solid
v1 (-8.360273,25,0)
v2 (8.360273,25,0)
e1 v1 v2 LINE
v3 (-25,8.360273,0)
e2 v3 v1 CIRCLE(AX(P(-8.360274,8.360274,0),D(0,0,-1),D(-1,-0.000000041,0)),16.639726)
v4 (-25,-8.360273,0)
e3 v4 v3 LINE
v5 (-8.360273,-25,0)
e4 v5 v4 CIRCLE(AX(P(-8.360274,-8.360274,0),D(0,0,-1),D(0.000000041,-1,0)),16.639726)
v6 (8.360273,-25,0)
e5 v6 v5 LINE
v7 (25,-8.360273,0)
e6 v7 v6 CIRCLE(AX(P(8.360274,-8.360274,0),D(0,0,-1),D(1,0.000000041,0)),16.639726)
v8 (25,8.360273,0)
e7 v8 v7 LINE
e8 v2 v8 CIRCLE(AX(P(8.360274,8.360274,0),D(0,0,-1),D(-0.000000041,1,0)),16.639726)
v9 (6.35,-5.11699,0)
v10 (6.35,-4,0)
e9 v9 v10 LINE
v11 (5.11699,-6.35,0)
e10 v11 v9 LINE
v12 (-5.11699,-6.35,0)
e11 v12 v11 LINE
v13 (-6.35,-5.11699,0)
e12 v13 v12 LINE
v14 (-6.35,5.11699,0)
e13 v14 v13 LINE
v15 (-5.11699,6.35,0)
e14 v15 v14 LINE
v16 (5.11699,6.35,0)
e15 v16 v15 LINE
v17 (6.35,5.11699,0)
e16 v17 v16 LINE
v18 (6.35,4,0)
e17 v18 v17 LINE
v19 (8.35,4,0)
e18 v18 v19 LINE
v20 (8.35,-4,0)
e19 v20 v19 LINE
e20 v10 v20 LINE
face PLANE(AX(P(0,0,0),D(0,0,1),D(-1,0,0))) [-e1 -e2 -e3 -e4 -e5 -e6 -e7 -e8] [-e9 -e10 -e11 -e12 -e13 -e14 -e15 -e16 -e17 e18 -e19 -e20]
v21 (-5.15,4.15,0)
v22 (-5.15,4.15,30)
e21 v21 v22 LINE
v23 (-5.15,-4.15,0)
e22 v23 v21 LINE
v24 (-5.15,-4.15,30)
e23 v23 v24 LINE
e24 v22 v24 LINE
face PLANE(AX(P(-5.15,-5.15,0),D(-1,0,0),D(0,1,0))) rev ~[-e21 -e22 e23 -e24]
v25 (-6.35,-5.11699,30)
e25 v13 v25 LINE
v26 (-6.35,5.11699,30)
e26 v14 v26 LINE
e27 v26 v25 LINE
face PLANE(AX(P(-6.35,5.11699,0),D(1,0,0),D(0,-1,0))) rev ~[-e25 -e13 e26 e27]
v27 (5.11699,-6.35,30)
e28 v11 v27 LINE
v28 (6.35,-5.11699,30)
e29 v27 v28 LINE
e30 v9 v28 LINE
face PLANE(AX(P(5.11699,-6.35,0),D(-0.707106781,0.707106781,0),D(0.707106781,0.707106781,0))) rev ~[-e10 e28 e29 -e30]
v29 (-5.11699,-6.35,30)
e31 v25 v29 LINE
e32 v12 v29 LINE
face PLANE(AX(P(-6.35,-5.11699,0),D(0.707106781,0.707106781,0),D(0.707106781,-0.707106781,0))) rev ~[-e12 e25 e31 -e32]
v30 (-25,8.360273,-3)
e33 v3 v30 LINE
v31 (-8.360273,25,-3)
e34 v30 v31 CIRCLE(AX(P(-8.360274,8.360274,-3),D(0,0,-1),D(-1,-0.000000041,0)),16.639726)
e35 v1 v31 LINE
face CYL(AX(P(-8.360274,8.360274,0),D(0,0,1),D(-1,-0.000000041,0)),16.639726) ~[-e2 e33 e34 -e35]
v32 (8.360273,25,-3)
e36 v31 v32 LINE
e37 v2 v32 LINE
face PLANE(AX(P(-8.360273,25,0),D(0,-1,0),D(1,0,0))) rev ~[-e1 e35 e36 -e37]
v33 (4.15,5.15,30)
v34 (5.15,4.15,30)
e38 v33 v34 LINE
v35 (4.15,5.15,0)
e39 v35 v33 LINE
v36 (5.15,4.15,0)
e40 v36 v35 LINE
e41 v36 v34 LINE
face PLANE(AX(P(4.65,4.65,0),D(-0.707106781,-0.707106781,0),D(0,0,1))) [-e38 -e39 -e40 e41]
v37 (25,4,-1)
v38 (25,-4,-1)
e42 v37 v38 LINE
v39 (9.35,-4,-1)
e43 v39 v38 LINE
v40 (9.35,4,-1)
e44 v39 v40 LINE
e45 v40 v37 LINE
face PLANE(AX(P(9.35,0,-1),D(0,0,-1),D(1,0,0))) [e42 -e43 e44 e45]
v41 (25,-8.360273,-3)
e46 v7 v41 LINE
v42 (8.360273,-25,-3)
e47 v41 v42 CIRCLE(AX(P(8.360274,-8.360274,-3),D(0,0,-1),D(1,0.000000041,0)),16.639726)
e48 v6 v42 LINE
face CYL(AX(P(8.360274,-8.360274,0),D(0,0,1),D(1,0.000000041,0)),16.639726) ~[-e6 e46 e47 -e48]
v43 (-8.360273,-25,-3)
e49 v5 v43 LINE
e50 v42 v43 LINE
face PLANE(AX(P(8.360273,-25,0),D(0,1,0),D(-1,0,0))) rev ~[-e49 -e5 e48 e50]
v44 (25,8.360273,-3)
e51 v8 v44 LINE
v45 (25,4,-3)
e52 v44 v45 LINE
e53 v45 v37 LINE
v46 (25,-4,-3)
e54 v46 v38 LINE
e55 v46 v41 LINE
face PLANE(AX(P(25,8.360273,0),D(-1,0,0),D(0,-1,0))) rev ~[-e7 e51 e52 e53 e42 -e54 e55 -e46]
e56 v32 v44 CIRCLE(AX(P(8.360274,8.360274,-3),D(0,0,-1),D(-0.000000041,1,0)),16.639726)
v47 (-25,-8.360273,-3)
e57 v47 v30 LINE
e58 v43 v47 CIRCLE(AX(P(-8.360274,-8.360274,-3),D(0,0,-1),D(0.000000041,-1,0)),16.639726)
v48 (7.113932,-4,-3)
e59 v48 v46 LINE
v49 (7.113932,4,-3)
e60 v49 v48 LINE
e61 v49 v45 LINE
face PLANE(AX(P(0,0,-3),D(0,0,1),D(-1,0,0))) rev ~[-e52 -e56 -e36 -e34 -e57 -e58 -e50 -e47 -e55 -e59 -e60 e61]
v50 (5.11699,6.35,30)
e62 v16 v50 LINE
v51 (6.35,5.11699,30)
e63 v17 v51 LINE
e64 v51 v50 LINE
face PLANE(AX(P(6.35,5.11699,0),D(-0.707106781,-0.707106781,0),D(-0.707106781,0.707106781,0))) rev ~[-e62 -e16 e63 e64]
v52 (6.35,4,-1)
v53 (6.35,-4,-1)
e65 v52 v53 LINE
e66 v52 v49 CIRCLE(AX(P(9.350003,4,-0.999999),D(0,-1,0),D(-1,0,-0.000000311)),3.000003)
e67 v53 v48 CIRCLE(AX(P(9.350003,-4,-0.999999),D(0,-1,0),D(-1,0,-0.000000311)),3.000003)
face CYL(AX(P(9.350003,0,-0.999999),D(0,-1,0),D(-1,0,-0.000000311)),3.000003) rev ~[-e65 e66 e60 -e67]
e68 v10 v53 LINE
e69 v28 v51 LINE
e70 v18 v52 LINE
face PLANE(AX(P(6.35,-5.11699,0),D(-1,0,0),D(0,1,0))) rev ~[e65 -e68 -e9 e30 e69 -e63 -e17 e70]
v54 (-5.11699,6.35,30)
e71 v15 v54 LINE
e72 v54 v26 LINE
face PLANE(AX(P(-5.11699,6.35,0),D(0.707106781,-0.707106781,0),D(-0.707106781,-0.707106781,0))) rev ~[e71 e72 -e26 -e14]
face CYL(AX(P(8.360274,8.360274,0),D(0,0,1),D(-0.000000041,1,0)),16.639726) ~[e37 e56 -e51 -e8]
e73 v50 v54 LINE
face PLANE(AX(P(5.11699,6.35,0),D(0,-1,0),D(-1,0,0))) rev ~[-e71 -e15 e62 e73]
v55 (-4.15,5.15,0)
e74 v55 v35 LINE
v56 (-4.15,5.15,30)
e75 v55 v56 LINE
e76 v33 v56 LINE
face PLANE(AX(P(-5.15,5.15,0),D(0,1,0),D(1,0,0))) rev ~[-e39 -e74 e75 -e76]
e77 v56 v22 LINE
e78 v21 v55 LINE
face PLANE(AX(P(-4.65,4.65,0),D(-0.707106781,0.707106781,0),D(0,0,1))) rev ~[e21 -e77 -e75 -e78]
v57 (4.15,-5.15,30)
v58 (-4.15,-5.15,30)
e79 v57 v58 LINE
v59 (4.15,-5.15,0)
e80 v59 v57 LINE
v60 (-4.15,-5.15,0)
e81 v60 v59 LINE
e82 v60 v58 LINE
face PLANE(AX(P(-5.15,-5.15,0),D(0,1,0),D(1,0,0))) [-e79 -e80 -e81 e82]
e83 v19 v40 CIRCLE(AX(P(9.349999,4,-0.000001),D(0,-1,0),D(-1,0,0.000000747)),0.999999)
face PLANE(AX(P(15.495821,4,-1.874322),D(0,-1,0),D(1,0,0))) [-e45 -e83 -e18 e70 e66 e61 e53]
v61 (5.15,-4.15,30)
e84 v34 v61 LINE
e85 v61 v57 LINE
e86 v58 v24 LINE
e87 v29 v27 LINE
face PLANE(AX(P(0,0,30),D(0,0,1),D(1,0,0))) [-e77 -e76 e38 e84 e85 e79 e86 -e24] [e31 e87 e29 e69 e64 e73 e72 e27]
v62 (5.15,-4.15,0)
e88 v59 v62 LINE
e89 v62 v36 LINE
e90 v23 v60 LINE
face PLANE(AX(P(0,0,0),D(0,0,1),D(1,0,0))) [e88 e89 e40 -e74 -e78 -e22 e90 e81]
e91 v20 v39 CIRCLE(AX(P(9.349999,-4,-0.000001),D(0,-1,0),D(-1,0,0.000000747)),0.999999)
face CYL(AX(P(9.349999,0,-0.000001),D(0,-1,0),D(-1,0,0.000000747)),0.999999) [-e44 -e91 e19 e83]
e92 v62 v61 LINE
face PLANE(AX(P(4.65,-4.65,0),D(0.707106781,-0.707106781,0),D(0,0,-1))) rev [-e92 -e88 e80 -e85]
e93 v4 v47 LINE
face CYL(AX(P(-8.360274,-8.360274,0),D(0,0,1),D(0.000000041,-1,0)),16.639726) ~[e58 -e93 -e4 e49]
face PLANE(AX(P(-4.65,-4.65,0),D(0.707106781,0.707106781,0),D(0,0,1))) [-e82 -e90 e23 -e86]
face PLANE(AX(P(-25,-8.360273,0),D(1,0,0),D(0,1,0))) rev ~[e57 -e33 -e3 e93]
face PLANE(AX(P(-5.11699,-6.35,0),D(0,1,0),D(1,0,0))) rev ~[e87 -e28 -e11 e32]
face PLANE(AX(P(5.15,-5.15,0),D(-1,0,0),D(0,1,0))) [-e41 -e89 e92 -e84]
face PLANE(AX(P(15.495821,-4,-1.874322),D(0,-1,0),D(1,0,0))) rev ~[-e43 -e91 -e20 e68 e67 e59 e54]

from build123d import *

# Parameters (mm, degrees)
EXTRUDE004_DEPTH                  = 4
EXTRUDE004_ONTO_SKETCH_ROLL_ANGLE = 90
SKETCH003_W                       = 10.3
SKETCH003_H                       = 10.3
EXTRUDE_DEPTH                     = 100
CHAMFER_SIZE                      = 1
EXTRUDE002_DEPTH                  = 3
EXTRUDE003_DEPTH                  = 30


with BuildPart() as extrude004:
    # Sketch as drawn → Extrude004 (new, symmetric)
    with BuildSketch(Plane.XY):
        with BuildLine():
            Line((6.35, 0), (6.35, -1))
            ThreePointArc((6.35, -1), (6.547483, -2.070466), (7.113932, -3))
            Line((7.113932, -3), (25, -3))
            Line((25, -3), (25, -1))
            Line((9.35, -1), (25, -1))
            ThreePointArc((8.35, 0), (8.642893, -0.707107), (9.35, -1))
            Line((6.35, 0), (8.35, 0))
        make_face()
    extrude(amount=EXTRUDE004_DEPTH, both=True)


with BuildPart() as extrude004_1:
    # Extrude004 onto Sketch roll: moved
    add(extrude004.part.rotate(Axis((0, 0, 0), (1, 0, 0)), EXTRUDE004_ONTO_SKETCH_ROLL_ANGLE))


with BuildPart() as extrude004_2:
    # Extrude004 onto Sketch placement: moved
    add(extrude004_1.part)


with BuildPart() as chamfer_body:
    # Sketch003 → Extrude (new body)
    with BuildSketch(Plane.XY):
        Rectangle(SKETCH003_W, SKETCH003_H)
    extrude(amount=EXTRUDE_DEPTH)

    # Chamfer
    chamfer_edges = [chamfer_body.edges().sort_by_distance(p)[0] for p in [
        (-5.15, -5.15, 50),
        (5.15, -5.15, 50),
        (5.15, 5.15, 50),
        (-5.15, 5.15, 50),
    ]]
    chamfer(chamfer_edges, length=CHAMFER_SIZE)


with BuildPart() as extrude002:
    # Sketch001 → Extrude002 (new body)
    with BuildSketch(Plane(origin=(0, 0, 0), x_dir=(1, 0, 0), z_dir=(0, 0, -1))):
        with BuildLine():
            Line((0, 25), (8.360273, 25))
            ThreePointArc((25, 8.360273), (20.126337, 20.126337), (8.360273, 25))
            Line((25, 8.360273), (25, 0))
            Line((25, -8.360273), (25, 0))
            ThreePointArc((8.360273, -25), (20.126337, -20.126337), (25, -8.360273))
            Line((0, -25), (8.360273, -25))
            Line((0, -25), (-8.360273, -25))
            ThreePointArc((-25, -8.360273), (-20.126337, -20.126337), (-8.360273, -25))
            Line((-25, -8.360273), (-25, 0))
            Line((-25, 8.360273), (-25, 0))
            ThreePointArc((-8.360273, 25), (-20.126337, 20.126337), (-25, 8.360273))
            Line((0, 25), (-8.360273, 25))
        make_face()
    extrude(amount=EXTRUDE002_DEPTH)


with BuildPart() as cut001:
    # Sketch002 (on Face13 of Extrude002) → Extrude003 (new body)
    with BuildSketch(Plane.XY):
        Polygon((-6.35, 0), (-6.35, -5.11699), (-5.11699, -6.35), (0, -6.35), (5.11699, -6.35), (6.35, -5.11699), (6.35, 0), (6.35, 5.11699), (5.11699, 6.35), (0, 6.35), (-5.11699, 6.35), (-6.35, 5.11699), align=None)
    extrude(amount=EXTRUDE003_DEPTH)

    # Fusion: union Extrude002
    add(extrude002.part)

    # Cut: cut Chamfer body
    add(chamfer_body.part, mode=Mode.SUBTRACT)

    # Cut001: cut Extrude004
    add(extrude004_2.part, mode=Mode.SUBTRACT)


solid = cut001.part
